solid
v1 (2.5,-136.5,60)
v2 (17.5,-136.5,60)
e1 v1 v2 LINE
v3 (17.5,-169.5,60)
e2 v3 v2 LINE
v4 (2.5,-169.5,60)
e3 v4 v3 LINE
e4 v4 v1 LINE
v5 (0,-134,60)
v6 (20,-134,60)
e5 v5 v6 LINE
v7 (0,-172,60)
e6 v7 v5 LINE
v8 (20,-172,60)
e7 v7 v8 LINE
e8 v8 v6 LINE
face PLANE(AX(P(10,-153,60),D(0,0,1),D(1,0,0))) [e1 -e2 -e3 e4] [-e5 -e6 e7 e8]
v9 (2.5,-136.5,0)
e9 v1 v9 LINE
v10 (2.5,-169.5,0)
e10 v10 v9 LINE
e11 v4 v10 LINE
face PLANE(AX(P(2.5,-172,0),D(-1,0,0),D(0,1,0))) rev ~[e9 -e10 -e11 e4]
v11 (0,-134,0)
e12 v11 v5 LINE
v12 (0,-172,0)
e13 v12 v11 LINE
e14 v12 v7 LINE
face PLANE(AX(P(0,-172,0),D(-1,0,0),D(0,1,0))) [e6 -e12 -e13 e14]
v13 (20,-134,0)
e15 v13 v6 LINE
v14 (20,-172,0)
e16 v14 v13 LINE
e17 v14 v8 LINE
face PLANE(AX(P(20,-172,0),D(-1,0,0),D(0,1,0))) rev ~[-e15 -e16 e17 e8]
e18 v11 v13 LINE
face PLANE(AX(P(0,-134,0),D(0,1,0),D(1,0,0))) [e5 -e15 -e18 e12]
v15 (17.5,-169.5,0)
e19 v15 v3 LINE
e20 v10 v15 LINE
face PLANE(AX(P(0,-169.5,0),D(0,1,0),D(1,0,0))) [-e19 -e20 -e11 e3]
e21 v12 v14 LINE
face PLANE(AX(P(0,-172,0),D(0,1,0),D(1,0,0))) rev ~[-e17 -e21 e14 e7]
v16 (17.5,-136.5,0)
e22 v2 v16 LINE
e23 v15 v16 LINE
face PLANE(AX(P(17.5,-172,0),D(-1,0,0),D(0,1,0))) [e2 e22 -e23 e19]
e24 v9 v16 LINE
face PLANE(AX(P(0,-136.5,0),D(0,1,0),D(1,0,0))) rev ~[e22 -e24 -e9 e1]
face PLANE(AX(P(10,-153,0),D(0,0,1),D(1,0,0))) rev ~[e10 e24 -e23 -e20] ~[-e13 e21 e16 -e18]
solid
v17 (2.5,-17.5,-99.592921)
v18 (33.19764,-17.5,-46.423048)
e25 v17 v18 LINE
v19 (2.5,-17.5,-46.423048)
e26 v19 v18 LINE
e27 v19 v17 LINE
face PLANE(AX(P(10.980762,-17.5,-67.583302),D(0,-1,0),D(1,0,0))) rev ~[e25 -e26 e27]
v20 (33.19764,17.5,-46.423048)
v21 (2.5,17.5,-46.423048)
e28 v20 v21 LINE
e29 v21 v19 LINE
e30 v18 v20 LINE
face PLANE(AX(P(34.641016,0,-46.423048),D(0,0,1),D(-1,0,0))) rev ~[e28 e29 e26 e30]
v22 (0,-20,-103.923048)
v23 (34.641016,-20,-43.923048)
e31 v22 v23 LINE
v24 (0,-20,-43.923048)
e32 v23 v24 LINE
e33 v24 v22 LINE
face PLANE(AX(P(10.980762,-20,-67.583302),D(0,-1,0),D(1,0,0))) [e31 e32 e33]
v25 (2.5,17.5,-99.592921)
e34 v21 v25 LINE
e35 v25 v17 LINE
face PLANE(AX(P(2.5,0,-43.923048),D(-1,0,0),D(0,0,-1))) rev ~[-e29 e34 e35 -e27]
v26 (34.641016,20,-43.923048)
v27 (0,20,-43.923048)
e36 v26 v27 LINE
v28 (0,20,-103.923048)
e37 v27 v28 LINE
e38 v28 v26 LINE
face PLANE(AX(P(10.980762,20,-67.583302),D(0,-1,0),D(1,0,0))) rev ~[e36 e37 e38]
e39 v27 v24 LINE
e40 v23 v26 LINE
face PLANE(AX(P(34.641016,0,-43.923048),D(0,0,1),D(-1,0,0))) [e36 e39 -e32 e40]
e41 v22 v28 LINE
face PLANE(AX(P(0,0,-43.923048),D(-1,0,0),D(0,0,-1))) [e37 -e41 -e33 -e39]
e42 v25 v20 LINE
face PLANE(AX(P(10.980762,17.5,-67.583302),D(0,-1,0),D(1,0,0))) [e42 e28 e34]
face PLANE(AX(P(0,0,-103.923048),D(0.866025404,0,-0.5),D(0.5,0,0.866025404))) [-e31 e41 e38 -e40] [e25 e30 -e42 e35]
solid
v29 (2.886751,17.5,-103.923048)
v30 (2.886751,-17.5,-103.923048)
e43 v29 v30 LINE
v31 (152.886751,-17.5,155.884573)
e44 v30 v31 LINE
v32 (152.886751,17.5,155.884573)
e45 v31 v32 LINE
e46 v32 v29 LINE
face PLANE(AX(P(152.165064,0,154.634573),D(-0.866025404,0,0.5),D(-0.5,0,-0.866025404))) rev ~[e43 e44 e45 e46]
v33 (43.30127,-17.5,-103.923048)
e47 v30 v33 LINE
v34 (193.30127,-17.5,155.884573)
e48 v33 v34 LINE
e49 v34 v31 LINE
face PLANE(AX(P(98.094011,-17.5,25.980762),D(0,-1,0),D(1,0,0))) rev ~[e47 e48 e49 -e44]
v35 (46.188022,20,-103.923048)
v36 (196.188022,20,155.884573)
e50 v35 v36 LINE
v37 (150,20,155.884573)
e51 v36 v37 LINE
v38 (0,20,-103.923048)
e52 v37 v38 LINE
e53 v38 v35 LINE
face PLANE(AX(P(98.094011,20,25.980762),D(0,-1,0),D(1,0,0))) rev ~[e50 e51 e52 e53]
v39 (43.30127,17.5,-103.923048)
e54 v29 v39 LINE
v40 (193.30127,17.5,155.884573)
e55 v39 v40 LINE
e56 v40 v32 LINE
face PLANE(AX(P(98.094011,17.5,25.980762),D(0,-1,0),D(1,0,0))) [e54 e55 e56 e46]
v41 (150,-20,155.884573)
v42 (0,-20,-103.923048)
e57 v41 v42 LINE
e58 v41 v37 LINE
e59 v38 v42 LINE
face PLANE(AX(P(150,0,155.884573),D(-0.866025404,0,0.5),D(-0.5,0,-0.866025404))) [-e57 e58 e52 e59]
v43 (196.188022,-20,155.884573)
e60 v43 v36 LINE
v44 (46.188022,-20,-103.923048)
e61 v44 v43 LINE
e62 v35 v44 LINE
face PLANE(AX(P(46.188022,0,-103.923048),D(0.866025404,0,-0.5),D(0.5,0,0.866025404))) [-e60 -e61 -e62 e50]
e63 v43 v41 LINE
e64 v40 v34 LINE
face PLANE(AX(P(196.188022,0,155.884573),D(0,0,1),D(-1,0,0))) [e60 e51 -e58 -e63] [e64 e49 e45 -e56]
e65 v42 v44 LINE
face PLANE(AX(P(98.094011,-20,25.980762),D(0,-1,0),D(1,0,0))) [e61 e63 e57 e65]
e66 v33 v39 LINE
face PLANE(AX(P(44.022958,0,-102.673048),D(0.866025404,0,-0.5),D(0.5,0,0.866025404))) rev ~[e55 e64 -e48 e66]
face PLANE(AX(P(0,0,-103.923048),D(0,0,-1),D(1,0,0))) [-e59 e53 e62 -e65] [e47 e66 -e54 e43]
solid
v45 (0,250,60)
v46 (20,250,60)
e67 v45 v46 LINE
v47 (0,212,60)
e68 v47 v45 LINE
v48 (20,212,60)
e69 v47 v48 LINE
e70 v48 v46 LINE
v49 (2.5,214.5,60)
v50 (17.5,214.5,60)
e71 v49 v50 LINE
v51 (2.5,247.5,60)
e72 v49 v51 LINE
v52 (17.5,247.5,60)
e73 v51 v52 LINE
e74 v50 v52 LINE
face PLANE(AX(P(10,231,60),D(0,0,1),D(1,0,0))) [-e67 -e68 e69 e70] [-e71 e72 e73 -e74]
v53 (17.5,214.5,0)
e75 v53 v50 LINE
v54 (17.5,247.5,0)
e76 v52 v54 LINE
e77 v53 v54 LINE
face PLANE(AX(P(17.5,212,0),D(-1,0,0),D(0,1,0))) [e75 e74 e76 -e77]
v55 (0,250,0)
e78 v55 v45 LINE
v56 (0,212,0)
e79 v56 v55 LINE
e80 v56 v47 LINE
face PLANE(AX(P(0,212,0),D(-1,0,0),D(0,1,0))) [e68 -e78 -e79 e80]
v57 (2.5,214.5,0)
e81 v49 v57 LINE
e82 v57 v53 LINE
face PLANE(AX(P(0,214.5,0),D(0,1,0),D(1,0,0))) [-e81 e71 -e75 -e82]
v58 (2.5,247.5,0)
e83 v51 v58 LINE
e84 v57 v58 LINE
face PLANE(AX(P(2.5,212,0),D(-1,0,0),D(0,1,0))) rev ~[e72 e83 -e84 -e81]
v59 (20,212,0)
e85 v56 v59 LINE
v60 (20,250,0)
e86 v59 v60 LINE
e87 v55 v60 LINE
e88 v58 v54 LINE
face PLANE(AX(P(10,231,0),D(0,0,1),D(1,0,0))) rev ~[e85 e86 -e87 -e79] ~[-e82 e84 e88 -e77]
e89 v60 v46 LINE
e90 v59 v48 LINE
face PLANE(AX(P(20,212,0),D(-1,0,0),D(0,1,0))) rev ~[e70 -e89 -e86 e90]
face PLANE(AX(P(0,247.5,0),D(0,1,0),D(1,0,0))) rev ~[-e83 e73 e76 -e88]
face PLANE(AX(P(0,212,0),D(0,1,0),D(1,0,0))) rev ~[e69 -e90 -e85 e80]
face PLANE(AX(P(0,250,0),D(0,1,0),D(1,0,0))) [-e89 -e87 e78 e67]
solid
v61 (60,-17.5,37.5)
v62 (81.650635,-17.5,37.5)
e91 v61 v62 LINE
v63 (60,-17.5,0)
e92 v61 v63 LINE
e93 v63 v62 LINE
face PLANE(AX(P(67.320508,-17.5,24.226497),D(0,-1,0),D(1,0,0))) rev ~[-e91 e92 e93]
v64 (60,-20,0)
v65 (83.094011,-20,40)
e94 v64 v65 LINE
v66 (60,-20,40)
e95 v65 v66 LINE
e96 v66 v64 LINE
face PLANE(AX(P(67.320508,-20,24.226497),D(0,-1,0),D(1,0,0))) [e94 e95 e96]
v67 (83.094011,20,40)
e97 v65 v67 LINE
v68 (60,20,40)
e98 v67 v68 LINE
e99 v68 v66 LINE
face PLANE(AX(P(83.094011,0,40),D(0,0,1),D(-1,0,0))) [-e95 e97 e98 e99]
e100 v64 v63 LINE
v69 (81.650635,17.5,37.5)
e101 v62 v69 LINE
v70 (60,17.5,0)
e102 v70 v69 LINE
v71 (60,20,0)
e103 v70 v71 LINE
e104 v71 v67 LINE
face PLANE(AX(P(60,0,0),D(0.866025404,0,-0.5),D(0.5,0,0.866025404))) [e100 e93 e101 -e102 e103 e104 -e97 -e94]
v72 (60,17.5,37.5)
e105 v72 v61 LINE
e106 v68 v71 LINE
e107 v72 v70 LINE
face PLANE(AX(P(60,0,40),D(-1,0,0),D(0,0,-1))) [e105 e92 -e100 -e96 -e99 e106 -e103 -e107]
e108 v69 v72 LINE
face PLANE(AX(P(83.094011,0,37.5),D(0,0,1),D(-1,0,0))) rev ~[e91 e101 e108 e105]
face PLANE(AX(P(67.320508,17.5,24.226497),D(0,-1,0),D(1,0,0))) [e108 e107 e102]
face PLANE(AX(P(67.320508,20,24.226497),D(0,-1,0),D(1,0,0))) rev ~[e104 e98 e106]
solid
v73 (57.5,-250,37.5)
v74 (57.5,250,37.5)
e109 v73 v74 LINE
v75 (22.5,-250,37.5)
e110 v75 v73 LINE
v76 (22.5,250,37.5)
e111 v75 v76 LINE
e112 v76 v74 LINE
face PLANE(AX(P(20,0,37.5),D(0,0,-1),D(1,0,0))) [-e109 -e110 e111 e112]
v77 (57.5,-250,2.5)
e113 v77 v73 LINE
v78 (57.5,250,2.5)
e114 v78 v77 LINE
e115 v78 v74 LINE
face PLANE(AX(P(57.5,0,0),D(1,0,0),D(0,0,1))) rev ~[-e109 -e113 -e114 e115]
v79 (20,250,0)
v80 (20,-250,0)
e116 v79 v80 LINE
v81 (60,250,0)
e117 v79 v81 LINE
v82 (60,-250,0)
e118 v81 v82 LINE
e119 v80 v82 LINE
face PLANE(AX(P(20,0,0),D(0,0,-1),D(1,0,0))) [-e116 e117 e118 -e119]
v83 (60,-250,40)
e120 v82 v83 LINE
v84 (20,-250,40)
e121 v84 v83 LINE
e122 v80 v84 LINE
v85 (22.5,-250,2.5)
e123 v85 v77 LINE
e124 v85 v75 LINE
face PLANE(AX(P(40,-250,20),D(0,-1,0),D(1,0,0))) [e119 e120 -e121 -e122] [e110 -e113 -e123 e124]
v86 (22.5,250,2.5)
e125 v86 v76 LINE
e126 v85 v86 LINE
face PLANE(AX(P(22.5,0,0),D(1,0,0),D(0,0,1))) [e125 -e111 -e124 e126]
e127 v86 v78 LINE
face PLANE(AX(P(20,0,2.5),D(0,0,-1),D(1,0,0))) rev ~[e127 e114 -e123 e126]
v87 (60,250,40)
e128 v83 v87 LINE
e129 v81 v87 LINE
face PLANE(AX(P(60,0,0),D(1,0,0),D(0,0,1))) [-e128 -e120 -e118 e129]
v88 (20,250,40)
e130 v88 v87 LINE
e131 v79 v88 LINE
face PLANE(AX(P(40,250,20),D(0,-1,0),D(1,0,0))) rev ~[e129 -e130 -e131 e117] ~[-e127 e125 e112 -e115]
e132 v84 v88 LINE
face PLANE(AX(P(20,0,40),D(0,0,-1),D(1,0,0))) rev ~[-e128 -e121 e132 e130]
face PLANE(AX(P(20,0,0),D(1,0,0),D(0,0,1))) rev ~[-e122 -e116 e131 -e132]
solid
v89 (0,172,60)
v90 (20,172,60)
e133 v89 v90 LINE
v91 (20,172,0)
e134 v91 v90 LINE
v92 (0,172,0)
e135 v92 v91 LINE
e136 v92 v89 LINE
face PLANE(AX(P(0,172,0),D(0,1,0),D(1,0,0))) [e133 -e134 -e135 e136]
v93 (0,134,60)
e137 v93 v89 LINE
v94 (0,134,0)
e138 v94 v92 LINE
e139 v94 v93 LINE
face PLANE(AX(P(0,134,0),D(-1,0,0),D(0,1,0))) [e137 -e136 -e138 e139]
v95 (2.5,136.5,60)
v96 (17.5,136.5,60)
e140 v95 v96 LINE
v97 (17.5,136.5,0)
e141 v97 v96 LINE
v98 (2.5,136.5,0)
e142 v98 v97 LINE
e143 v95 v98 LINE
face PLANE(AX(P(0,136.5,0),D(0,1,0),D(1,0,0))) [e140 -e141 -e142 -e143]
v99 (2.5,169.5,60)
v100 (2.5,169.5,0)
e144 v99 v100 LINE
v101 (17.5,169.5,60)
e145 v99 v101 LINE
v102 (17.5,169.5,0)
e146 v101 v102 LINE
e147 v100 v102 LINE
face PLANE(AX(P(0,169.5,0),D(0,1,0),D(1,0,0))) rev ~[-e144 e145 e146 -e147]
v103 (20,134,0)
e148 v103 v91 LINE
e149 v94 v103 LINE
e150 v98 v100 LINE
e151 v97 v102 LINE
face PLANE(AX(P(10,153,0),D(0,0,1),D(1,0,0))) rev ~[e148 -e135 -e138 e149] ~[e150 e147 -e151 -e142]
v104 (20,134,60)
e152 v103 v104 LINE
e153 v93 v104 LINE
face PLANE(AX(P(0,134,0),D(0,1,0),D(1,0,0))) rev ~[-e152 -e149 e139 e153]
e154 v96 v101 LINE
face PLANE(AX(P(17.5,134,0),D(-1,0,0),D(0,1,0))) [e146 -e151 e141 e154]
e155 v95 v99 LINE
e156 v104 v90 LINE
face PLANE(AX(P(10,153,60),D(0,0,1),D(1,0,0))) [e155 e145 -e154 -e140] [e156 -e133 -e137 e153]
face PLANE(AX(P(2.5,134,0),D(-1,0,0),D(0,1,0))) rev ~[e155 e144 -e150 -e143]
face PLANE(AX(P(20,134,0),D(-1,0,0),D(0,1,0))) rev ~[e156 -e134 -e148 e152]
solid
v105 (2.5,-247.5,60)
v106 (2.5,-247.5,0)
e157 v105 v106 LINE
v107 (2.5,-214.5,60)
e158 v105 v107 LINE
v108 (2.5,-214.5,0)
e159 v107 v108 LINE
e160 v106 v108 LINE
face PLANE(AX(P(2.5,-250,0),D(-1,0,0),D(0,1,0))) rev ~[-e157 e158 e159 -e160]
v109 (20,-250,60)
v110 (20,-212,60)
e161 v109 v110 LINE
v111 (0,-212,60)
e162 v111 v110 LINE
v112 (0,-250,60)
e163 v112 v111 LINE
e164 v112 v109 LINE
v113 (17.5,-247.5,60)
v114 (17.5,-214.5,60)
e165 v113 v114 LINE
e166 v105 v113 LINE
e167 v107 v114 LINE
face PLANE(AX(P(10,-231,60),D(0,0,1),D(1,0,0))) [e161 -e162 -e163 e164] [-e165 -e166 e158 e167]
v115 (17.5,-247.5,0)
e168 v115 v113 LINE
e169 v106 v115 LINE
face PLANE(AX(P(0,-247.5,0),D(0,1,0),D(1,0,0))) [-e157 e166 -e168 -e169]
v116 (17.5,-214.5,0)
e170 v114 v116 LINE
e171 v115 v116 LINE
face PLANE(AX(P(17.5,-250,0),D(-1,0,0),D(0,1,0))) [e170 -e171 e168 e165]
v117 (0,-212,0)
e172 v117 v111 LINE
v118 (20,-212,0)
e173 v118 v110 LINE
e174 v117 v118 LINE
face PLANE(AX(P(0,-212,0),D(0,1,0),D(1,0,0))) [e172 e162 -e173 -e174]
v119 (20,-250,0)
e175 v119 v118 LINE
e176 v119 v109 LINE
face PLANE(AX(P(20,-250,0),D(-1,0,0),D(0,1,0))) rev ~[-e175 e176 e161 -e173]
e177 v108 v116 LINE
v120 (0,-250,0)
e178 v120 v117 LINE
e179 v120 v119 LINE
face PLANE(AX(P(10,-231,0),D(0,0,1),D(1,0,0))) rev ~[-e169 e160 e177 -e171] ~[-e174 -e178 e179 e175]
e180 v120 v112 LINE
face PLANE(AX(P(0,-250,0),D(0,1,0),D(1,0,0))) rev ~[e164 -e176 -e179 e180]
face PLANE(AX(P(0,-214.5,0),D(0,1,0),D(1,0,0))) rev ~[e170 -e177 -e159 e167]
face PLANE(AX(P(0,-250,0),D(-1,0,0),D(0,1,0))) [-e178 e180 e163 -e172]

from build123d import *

# Parameters (mm, degrees)
F0_W           = 20
F0_H           = 38
F1_DEPTH       = 60
F2_T           = -2.5
F2_2_T         = -2.5
F2_3_T         = -2.5
F2_4_T         = -2.5
F3_W           = 40
F3_H           = 40
F4_DEPTH       = 250
F4_DEPTH_BACK  = 250
F5_T           = -2.5
F7_DEPTH       = 20
F7_DEPTH_BACK  = 20
F8_T           = -2.5
F10_DEPTH      = 20
F10_DEPTH_BACK = 20
F11_T          = -2.5
F13_DEPTH      = 20
F13_DEPTH_BACK = 20
F14_T          = -2.5


with BuildPart() as f1:
    # F0 (on Top) → F1 (new body)
    with BuildSketch(Plane.XY):
        with Locations((10, 231)):
            Rectangle(F0_W, F0_H)
    extrude(amount=F1_DEPTH)

    # F2#4
    f2_4_openings = [f1.faces().sort_by_distance(p)[0] for p in [
        (10, 231, 60),
        (10, 231, 0),
    ]]
    offset(amount=F2_4_T, openings=f2_4_openings)


with BuildPart() as f1b:
    # F0 (on Top) → F1, piece 2 (new body)
    with BuildSketch(Plane.XY):
        with Locations((10, 153)):
            Rectangle(F0_W, F0_H)
    extrude(amount=F1_DEPTH)

    # F2#3
    f2_3_openings = [f1b.faces().sort_by_distance(p)[0] for p in [
        (10, 153, 60),
        (10, 153, 0),
    ]]
    offset(amount=F2_3_T, openings=f2_3_openings)


with BuildPart() as f1c:
    # F0 (on Top) → F1, piece 3 (new body)
    with BuildSketch(Plane.XY):
        with Locations((10, -231)):
            Rectangle(F0_W, F0_H)
    extrude(amount=F1_DEPTH)

    # F2
    f2_openings = [f1c.faces().sort_by_distance(p)[0] for p in [
        (10, -231, 60),
        (10, -231, 0),
    ]]
    offset(amount=F2_T, openings=f2_openings)


with BuildPart() as f1d:
    # F0 (on Top) → F1, piece 4 (new body)
    with BuildSketch(Plane.XY):
        with Locations((10, -153)):
            Rectangle(F0_W, F0_H)
    extrude(amount=F1_DEPTH)

    # F2#2
    f2_2_openings = [f1d.faces().sort_by_distance(p)[0] for p in [
        (10, -153, 60),
        (10, -153, 0),
    ]]
    offset(amount=F2_2_T, openings=f2_2_openings)


with BuildPart() as f4:
    # F3 (on Front) → F4 (new body, two sides)
    with BuildSketch(Plane.XZ) as f4_sk:
        with Locations((40, 20)):
            Rectangle(F3_W, F3_H)
    extrude(amount=F4_DEPTH)
    extrude(f4_sk.sketch, amount=-F4_DEPTH_BACK)

    # F5
    f5_openings = [f4.faces().sort_by_distance(p)[0] for p in [
        (40, -250, 20),
        (40, 250, 20),
    ]]
    offset(amount=F5_T, openings=f5_openings)


with BuildPart() as f7:
    # F6 (on Front) → F7 (new body, two sides)
    with BuildSketch(Plane.XZ) as f7_sk:
        Polygon((150, 155.8845726812), (0, -103.9230484541), (46.1880215352, -103.9230484541), (196.1880215352, 155.8845726812), align=None)
    extrude(amount=F7_DEPTH)
    extrude(f7_sk.sketch, amount=-F7_DEPTH_BACK)

    # F8
    f8_openings = [f7.faces().sort_by_distance(p)[0] for p in [
        (23.094011, 0, -103.923048),
        (173.094011, 0, 155.884573),
    ]]
    offset(amount=F8_T, openings=f8_openings)


with BuildPart() as f10:
    # F9 (on Front) → F10 (new body, two sides)
    with BuildSketch(Plane.XZ) as f10_sk:
        Polygon((34.6410161514, -43.9230484541), (0, -43.9230484541), (0, -103.9230484541), align=None)
    extrude(amount=F10_DEPTH)
    extrude(f10_sk.sketch, amount=-F10_DEPTH_BACK)

    # F11
    f11_openings = [f10.faces().sort_by_distance(p)[0] for p in [
        (17.320508, 0, -73.923048),
    ]]
    offset(amount=F11_T, openings=f11_openings)


with BuildPart() as f13:
    # F12 (on Front) → F13 (new body, two sides)
    with BuildSketch(Plane.XZ) as f13_sk:
        Polygon((83.0940107676, 40), (60, 40), (60, 0), align=None)
    extrude(amount=F13_DEPTH)
    extrude(f13_sk.sketch, amount=-F13_DEPTH_BACK)

    # F14
    f14_openings = [f13.faces().sort_by_distance(p)[0] for p in [
        (71.547005, 0, 20),
        (60, 0, 20),
    ]]
    offset(amount=F14_T, openings=f14_openings)


solid = Compound([f1.part, f1b.part, f1c.part, f1d.part, f4.part, f7.part, f10.part, f13.part])
